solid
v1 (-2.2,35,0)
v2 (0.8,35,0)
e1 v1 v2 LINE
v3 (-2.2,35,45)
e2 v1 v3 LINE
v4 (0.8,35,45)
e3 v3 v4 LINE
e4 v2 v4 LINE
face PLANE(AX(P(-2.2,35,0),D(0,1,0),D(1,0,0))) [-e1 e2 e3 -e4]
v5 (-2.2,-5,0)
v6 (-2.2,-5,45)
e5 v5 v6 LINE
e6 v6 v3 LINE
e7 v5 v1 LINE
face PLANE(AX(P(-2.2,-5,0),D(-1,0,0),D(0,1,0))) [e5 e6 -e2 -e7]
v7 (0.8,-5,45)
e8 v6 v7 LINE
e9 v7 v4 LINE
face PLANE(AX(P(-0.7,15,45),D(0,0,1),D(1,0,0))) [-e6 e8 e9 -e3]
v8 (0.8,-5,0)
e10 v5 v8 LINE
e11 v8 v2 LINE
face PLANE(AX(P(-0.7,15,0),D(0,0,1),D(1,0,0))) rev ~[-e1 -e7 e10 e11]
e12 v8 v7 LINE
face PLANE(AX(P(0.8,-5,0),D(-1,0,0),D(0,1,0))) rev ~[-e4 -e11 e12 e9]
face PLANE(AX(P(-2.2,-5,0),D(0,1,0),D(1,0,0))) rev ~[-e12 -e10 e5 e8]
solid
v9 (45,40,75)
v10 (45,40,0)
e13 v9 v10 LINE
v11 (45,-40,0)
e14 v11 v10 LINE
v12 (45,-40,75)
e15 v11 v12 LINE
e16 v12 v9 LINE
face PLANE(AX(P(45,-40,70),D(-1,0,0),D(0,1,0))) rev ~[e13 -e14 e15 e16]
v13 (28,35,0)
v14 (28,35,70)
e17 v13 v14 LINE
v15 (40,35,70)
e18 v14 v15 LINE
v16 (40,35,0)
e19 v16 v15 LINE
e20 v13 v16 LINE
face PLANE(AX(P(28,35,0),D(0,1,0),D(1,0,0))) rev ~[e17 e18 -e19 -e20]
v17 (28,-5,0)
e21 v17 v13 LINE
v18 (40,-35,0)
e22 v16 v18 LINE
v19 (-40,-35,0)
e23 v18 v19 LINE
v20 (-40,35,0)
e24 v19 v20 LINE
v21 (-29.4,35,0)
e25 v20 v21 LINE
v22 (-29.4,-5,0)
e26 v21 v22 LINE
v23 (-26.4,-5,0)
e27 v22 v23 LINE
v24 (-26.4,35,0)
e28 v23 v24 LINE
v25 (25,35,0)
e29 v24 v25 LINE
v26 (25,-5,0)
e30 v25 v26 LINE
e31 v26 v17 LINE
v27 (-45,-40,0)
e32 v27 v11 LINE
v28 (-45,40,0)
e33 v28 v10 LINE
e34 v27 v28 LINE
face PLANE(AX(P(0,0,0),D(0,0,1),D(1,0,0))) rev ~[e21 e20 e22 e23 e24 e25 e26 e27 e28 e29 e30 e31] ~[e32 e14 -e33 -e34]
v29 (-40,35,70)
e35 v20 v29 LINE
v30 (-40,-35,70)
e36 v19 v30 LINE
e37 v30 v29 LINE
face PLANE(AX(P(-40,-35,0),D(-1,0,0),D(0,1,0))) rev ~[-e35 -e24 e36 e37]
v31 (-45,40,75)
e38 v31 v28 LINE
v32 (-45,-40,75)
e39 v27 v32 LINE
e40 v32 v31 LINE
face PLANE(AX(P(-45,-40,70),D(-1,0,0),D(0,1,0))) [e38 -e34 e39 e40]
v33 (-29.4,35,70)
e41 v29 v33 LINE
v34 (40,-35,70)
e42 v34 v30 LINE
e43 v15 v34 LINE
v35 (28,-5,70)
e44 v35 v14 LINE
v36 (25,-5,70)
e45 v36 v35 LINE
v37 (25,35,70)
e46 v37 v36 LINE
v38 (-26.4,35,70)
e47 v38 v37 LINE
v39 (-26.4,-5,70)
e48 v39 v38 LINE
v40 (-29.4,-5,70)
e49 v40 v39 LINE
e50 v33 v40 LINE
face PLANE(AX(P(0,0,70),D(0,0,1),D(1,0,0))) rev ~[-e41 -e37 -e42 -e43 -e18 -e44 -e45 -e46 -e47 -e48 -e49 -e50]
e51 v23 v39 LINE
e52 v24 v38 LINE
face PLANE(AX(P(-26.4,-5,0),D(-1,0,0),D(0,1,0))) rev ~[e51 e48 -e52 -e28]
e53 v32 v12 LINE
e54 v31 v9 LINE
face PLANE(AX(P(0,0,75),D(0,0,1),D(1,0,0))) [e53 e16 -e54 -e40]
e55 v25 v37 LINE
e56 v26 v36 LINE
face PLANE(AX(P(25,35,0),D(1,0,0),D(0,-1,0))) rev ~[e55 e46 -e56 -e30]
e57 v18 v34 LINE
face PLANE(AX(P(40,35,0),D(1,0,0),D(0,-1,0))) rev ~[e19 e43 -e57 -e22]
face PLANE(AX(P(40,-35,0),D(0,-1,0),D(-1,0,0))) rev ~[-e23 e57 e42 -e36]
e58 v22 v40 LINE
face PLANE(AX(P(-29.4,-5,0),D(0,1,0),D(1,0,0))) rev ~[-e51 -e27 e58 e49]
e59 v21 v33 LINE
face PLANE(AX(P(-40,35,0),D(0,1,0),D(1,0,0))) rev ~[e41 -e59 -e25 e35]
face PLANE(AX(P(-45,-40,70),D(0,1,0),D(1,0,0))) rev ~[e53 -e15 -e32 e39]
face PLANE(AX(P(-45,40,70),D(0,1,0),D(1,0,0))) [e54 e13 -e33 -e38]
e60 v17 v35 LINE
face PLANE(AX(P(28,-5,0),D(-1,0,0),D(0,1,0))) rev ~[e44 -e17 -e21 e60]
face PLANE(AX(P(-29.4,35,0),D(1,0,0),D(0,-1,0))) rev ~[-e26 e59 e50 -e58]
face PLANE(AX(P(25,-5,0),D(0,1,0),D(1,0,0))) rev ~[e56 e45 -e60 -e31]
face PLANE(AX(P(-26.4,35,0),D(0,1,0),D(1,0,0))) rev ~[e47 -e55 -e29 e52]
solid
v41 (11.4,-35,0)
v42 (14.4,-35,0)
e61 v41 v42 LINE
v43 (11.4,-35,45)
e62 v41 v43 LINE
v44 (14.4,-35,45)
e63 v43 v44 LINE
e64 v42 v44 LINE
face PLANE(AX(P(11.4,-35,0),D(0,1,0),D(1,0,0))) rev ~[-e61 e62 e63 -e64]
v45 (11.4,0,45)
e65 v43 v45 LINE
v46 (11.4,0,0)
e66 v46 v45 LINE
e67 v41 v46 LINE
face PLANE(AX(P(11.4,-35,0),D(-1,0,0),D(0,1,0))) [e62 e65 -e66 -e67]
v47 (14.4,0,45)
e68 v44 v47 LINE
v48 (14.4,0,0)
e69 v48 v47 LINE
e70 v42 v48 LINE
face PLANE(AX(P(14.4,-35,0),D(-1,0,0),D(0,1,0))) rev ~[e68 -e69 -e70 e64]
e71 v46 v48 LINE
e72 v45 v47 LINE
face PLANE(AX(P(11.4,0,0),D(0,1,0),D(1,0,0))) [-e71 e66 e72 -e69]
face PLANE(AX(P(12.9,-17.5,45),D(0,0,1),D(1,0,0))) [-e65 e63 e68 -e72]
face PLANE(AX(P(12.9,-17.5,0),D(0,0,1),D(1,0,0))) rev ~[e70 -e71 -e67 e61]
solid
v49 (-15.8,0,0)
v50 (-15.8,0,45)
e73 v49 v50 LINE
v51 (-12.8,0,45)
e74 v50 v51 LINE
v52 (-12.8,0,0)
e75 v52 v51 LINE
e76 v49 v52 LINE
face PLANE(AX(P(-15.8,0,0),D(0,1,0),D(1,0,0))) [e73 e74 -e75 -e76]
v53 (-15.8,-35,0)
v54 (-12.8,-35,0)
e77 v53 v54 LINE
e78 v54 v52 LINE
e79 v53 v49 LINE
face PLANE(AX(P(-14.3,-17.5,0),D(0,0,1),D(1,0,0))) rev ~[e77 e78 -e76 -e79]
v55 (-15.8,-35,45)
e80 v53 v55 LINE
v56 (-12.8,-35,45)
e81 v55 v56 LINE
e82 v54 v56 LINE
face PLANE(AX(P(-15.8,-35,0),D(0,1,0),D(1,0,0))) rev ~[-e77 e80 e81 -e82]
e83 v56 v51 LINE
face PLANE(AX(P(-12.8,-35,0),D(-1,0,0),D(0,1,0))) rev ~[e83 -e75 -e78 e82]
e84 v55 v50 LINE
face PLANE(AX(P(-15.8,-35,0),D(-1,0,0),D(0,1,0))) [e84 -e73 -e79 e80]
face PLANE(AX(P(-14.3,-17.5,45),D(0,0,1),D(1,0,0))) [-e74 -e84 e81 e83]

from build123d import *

# Parameters (mm, degrees)
F0_W     = 3
F0_H     = 35
F0_H_2   = 40
F1_DEPTH = 45
F0_W_2   = 90
F0_H_3   = 80
F2_DEPTH = 70
F3_W     = 90
F3_H     = 80
F4_DEPTH = 5


with BuildPart() as f1:
    # F0 (on Top) → F1 (new body)
    with BuildSketch(Plane.XY):
        with Locations((-14.3, -17.5)):
            Rectangle(F0_W, F0_H)
        with Locations((-0.7, 15)):
            Rectangle(F0_W, F0_H_2)
        with Locations((12.9, -17.5)):
            Rectangle(F0_W, F0_H)
    extrude(amount=F1_DEPTH)


with BuildPart() as f2:
    # F0 (on Top) → F2 (new body)
    with BuildSketch(Plane.XY):
        Rectangle(F0_W_2, F0_H_3)
        Polygon((28, 35), (40, 35), (40, -35), (14.4, -35), (11.4, -35), (-12.8, -35), (-15.8, -35), (-40, -35), (-40, 35), (-29.4, 35), (-29.4, -5), (-26.4, -5), (-26.4, 35), (-2.2, 35), (0.8, 35), (25, 35), (25, -5), (28, -5), align=None, mode=Mode.SUBTRACT)
    extrude(amount=F2_DEPTH)

    # F3 (on face) → F4 (join)
    with BuildSketch(Plane.XY.offset(70)):
        Rectangle(F3_W, F3_H)
    extrude(amount=F4_DEPTH)


solid = Compound([f1.part, f2.part])
